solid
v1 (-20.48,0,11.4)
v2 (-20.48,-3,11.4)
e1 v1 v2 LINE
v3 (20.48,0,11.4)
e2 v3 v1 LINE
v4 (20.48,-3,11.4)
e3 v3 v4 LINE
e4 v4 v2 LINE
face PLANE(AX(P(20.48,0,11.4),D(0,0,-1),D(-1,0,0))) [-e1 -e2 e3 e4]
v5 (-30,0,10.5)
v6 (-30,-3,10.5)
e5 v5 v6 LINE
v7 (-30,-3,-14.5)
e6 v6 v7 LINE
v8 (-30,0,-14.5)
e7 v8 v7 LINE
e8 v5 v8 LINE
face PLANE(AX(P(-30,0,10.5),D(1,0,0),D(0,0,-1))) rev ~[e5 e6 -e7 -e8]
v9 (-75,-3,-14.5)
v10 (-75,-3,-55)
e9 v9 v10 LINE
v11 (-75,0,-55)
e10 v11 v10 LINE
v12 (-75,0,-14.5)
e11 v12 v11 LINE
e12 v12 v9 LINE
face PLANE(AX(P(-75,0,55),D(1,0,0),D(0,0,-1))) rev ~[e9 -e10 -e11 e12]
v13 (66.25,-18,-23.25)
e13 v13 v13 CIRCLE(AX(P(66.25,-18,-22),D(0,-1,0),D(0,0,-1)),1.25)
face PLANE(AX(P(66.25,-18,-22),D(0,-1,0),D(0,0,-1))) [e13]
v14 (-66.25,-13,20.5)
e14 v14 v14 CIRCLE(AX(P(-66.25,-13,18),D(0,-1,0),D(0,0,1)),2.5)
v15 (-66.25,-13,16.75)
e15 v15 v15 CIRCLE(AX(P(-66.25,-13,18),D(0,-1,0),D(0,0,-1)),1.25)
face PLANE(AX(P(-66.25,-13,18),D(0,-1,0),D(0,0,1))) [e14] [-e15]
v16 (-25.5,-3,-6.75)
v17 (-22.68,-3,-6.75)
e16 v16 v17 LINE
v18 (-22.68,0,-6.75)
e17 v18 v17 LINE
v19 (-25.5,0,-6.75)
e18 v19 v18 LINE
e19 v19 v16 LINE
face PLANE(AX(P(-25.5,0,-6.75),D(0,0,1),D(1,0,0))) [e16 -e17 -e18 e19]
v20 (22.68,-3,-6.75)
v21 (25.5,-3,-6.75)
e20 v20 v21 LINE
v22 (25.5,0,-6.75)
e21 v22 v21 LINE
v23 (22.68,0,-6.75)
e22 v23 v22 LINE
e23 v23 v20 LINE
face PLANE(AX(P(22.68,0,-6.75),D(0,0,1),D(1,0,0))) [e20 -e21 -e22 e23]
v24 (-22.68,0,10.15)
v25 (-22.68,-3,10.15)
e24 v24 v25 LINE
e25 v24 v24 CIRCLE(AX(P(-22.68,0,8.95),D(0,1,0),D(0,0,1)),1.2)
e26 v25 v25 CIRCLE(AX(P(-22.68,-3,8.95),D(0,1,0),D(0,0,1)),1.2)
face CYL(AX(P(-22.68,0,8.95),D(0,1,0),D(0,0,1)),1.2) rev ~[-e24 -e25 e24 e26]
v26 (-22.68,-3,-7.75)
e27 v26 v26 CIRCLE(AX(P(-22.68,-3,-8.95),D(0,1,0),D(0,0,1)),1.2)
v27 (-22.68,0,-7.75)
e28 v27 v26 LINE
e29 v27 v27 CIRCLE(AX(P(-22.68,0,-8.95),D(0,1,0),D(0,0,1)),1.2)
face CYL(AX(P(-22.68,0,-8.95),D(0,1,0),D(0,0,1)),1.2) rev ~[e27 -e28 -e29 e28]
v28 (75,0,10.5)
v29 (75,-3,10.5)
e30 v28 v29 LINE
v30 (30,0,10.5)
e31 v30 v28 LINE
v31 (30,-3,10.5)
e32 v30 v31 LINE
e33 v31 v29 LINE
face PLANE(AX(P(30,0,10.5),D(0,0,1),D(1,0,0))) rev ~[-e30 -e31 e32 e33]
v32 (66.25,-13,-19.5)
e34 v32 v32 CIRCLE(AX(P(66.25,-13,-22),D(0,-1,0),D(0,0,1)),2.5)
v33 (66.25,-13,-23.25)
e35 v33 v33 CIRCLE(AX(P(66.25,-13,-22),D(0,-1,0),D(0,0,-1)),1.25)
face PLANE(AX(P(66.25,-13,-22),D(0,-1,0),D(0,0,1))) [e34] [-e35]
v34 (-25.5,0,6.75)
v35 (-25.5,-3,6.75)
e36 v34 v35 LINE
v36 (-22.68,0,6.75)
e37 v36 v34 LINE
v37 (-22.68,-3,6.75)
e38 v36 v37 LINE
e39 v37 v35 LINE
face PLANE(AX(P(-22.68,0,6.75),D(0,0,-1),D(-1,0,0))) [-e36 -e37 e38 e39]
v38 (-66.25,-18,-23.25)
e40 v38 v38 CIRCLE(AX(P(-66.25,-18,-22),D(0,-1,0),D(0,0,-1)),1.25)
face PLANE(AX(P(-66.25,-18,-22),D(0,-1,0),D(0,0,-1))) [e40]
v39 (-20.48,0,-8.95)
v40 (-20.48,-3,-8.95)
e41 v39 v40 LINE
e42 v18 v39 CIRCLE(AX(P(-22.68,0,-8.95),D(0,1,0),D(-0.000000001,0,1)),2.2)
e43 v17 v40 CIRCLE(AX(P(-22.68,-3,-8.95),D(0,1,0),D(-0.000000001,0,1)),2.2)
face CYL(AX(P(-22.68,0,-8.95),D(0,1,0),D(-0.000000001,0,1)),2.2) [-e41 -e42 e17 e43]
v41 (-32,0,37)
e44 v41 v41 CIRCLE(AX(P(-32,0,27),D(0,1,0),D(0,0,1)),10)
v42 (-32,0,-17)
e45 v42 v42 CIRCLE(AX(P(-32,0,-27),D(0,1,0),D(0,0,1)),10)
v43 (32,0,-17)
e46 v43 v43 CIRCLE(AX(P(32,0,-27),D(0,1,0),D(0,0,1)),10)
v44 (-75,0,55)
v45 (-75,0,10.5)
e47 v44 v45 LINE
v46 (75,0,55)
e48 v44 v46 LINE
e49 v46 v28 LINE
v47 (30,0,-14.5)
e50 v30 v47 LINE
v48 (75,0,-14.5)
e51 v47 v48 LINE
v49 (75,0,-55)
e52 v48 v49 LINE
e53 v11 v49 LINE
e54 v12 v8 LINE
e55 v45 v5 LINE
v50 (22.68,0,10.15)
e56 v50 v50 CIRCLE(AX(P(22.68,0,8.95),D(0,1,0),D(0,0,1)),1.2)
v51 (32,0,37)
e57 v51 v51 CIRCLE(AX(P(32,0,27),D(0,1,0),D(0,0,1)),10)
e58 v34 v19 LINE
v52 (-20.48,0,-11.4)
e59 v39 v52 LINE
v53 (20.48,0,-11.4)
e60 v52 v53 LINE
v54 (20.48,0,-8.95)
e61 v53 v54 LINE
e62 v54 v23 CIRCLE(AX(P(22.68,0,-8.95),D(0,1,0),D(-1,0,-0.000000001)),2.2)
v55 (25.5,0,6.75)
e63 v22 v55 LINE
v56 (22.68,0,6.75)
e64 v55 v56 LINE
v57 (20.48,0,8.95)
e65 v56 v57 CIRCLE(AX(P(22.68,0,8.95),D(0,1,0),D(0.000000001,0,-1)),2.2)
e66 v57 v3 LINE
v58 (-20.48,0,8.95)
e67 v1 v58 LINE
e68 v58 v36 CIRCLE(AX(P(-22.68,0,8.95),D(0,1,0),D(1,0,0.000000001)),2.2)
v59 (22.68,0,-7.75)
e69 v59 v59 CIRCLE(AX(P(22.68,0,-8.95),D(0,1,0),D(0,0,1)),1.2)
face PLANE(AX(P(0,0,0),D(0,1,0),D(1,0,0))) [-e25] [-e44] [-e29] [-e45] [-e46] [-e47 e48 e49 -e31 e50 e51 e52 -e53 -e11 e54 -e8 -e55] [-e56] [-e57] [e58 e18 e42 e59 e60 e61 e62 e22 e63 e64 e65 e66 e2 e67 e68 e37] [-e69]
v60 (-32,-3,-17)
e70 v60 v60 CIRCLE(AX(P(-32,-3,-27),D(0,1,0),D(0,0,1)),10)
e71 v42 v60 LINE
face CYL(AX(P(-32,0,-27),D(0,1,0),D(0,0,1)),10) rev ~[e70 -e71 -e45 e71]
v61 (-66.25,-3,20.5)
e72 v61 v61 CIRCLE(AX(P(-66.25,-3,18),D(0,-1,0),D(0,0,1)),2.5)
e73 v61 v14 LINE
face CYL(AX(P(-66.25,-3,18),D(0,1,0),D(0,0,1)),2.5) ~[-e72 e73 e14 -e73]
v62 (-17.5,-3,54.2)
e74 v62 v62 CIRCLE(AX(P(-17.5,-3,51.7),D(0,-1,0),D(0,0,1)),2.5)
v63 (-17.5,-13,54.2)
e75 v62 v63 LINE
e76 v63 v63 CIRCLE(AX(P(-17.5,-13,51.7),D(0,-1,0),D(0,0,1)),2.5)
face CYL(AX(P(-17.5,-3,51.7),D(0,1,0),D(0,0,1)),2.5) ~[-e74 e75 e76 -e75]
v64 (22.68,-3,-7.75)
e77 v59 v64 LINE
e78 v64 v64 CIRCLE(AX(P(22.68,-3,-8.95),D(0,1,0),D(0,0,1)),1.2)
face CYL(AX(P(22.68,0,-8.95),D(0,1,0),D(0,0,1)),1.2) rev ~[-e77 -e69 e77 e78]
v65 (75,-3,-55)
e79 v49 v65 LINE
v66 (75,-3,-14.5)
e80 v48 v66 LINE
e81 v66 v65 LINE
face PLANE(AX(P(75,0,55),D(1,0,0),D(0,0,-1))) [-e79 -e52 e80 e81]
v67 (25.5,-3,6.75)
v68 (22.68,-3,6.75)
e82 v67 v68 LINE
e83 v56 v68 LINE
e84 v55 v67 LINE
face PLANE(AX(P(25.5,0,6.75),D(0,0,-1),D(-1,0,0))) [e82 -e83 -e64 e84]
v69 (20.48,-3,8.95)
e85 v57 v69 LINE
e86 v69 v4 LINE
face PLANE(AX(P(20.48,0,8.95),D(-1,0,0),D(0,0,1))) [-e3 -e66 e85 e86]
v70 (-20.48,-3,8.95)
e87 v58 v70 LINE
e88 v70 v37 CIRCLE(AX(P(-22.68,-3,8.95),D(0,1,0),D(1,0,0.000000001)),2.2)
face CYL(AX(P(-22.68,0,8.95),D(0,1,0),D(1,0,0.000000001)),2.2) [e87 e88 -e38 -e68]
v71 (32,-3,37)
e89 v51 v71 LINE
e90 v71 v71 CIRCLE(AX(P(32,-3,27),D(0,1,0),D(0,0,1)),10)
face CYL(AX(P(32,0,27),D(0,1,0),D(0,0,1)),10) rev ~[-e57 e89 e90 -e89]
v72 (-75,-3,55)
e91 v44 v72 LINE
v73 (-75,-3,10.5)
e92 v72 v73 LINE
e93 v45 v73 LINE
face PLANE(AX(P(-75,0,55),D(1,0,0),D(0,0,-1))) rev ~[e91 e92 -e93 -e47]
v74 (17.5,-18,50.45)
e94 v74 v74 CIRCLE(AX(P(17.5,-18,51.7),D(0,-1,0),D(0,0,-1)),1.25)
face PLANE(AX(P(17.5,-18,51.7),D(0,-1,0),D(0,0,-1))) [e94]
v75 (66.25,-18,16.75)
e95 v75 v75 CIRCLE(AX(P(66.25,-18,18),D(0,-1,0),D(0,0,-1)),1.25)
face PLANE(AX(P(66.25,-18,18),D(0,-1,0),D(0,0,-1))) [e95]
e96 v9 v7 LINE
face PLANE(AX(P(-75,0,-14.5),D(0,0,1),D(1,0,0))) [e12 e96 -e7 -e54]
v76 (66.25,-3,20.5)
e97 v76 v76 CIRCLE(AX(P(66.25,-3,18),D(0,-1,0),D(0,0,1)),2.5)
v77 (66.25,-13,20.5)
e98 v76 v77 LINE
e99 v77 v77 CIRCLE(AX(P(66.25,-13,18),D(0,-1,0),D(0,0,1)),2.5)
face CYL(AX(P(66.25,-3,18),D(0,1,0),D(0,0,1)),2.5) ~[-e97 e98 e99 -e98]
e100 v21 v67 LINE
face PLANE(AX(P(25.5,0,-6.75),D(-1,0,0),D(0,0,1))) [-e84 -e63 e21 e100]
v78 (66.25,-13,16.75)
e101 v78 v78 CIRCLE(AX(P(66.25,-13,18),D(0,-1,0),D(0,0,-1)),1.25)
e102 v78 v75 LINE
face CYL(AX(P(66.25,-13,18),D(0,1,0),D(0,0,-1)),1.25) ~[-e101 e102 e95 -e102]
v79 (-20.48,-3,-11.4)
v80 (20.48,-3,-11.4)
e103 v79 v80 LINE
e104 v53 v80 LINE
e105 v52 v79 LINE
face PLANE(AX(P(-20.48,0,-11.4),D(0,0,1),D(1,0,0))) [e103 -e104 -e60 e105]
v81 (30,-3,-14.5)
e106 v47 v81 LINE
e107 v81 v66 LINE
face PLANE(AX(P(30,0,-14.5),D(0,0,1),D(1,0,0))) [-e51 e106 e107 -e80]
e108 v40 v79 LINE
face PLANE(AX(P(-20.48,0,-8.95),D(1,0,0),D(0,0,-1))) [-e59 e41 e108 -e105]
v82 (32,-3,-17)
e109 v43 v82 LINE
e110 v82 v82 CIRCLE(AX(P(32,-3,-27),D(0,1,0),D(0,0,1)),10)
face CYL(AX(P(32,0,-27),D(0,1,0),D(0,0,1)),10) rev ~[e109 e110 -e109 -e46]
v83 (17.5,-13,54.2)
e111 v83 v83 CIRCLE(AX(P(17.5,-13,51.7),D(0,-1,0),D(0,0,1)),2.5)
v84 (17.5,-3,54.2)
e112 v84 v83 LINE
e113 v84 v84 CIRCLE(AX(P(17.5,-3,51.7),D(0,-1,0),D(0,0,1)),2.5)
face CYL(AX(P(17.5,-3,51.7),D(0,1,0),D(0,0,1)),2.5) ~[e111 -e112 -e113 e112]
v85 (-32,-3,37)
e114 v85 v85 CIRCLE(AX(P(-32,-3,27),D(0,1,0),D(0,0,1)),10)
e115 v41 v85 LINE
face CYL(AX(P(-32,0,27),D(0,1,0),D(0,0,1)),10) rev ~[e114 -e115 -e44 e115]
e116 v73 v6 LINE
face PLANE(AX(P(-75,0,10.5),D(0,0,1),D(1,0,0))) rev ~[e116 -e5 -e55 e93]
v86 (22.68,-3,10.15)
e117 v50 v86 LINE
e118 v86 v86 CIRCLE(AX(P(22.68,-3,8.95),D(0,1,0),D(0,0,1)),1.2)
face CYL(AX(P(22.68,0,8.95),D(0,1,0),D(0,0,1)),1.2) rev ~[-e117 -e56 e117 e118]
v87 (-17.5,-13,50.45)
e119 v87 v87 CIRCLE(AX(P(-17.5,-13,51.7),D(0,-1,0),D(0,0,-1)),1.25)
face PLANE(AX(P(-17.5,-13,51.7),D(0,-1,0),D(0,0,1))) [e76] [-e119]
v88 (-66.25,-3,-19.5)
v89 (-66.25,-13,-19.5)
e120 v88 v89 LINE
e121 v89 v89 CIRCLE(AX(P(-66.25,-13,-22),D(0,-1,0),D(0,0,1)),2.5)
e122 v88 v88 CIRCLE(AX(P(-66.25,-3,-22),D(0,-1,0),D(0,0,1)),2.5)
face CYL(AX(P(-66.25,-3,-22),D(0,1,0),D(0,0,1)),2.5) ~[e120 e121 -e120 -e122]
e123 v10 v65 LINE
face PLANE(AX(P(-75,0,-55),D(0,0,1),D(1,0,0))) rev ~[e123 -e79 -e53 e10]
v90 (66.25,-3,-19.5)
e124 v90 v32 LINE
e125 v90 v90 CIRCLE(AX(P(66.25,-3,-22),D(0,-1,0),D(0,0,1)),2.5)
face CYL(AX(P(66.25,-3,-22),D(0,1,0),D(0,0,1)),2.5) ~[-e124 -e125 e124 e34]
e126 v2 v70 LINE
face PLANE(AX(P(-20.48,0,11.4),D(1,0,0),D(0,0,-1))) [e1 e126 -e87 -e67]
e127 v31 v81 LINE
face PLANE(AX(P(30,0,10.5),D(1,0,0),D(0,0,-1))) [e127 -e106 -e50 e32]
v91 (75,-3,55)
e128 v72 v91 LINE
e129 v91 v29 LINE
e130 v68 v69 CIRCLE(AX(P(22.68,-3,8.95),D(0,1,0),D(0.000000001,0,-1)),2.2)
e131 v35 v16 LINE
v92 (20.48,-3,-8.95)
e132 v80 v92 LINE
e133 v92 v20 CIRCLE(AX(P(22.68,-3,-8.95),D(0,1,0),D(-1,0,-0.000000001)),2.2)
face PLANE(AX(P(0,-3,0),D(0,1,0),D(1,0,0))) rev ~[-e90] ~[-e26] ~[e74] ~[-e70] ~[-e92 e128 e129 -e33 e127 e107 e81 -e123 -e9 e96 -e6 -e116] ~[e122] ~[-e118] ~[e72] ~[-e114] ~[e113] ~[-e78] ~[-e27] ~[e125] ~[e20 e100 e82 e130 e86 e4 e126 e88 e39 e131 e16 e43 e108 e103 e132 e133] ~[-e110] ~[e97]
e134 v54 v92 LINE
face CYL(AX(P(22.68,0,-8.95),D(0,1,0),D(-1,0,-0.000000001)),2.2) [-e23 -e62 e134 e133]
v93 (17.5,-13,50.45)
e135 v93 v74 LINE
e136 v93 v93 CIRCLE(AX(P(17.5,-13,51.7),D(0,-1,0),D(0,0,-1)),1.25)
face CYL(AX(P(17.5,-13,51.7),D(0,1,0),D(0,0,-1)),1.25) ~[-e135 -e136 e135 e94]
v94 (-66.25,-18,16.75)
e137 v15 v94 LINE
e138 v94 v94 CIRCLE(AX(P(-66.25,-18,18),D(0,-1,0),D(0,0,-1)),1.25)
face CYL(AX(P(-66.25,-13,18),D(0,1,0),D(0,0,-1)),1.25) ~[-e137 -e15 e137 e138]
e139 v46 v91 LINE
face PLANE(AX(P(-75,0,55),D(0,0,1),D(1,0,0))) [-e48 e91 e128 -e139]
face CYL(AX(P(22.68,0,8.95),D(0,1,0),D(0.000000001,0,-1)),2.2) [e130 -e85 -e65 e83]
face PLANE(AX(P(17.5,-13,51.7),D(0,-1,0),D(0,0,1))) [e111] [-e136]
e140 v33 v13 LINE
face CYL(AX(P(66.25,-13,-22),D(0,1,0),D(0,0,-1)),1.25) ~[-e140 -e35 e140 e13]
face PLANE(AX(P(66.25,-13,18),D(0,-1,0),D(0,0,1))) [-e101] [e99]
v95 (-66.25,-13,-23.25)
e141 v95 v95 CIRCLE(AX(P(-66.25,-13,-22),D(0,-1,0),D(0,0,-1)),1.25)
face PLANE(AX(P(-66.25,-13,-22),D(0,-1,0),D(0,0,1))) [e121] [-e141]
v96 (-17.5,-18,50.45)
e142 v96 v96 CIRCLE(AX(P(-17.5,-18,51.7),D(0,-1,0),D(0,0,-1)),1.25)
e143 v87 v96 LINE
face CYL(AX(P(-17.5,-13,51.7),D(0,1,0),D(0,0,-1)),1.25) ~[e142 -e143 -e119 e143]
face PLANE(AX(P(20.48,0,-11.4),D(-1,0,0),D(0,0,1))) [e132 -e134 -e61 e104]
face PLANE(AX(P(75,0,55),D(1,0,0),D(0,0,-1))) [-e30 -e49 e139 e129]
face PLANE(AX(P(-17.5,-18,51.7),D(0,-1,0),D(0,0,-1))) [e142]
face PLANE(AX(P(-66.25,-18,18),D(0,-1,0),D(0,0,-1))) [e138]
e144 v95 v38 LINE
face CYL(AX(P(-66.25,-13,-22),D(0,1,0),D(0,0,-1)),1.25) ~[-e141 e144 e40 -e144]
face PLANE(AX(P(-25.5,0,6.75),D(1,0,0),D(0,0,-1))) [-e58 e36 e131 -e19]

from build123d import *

# Parameters (mm, degrees)
SKETCH2_W           = 150
SKETCH2_H           = 110
BOSS_EXTRUDE1_DEPTH = 3
SKETCH3_R           = 2.5
BOSS_EXTRUDE2_DEPTH = 10
SKETCH4_R           = 1.25
BOSS_EXTRUDE3_DEPTH = 5
SKETCH5_W           = 45
SKETCH5_H           = 25
CUT_EXTRUDE1_DEPTH  = 3
SKETCH6_R           = 10
CUT_EXTRUDE2_DEPTH  = 3
SKETCH7_R           = 1.2
CUT_EXTRUDE3_DEPTH  = 3


with BuildPart() as part:
    # Sketch2 → Boss-Extrude1 (new body)
    with BuildSketch(Plane(origin=(0, 0, 0), x_dir=(1, 0, 0), z_dir=(0, 1, 0))):
        Rectangle(SKETCH2_W, SKETCH2_H)
    extrude(amount=-BOSS_EXTRUDE1_DEPTH)

    # Sketch3 → Boss-Extrude2 (add)
    with BuildSketch(Plane.XZ.offset(3)):
        with Locations(Location((-17.5, 51.7, 0), (0, 0, 90))):
            Circle(SKETCH3_R)
        with Locations(Location((17.5, 51.7, 0), (0, 0, 90))):
            Circle(SKETCH3_R)
        with Locations(Location((66.25, 18, 0), (0, 0, 90))):
            Circle(SKETCH3_R)
        with Locations(Location((66.25, -22, 0), (0, 0, 90))):
            Circle(SKETCH3_R)
        with Locations(Location((-66.25, 18, 0), (0, 0, 90))):
            Circle(SKETCH3_R)
        with Locations(Location((-66.25, -22, 0), (0, 0, 90))):
            Circle(SKETCH3_R)
    extrude(amount=BOSS_EXTRUDE2_DEPTH)

    # Sketch4 → Boss-Extrude3 (add)
    with BuildSketch(Plane.XZ.offset(13)):
        with Locations(Location((17.5, 51.7, 0), (0, 0, 270))):
            Circle(SKETCH4_R)
        with Locations(Location((-17.5, 51.7, 0), (0, 0, 270))):
            Circle(SKETCH4_R)
        with Locations(Location((-66.25, 18, 0), (0, 0, 270))):
            Circle(SKETCH4_R)
        with Locations(Location((-66.25, -22, 0), (0, 0, 270))):
            Circle(SKETCH4_R)
        with Locations(Location((66.25, -22, 0), (0, 0, 270))):
            Circle(SKETCH4_R)
        with Locations(Location((66.25, 18, 0), (0, 0, 270))):
            Circle(SKETCH4_R)
    extrude(amount=BOSS_EXTRUDE3_DEPTH)

    # Sketch5 → Cut-Extrude1 (cut)
    with BuildSketch(Plane(origin=(0, 0, 0), x_dir=(1, 0, 0), z_dir=(0, 1, 0))):
        with Locations((-52.5, 2)):
            Rectangle(SKETCH5_W, SKETCH5_H)
        with Locations((52.5, 2)):
            Rectangle(SKETCH5_W, SKETCH5_H)
    extrude(amount=-CUT_EXTRUDE1_DEPTH, mode=Mode.SUBTRACT)

    # Sketch6 → Cut-Extrude2 (cut)
    with BuildSketch(Plane(origin=(0, 0, 0), x_dir=(1, 0, 0), z_dir=(0, 1, 0))):
        with Locations(Location((-32, 27, 0), (0, 0, 270))):
            Circle(SKETCH6_R)
        with Locations(Location((-32, -27, 0), (0, 0, 270))):
            Circle(SKETCH6_R)
        with Locations(Location((32, -27, 0), (0, 0, 270))):
            Circle(SKETCH6_R)
        with Locations(Location((32, 27, 0), (0, 0, 270))):
            Circle(SKETCH6_R)
    extrude(amount=-CUT_EXTRUDE2_DEPTH, mode=Mode.SUBTRACT)

    # Sketch7 → Cut-Extrude3 (cut)
    with BuildSketch(Plane(origin=(0, 0, 0), x_dir=(1, 0, 0), z_dir=(0, 1, 0))):
        with Locations(Location((-22.68, 8.95, 0), (0, 0, 270))):
            Circle(SKETCH7_R)
        with Locations(Location((22.68, 8.95, 0), (0, 0, 270))):
            Circle(SKETCH7_R)
        with Locations(Location((22.68, -8.95, 0), (0, 0, 270))):
            Circle(SKETCH7_R)
        with Locations(Location((-22.68, -8.95, 0), (0, 0, 270))):
            Circle(SKETCH7_R)
        with BuildLine():
            Line((-20.48, 11.4), (20.48, 11.4))
            Line((20.48, 11.4), (20.48, 8.95))
            ThreePointArc((20.48, 8.95), (21.124365081, 7.394365081), (22.68, 6.75))
            Line((22.68, 6.75), (25.5, 6.75))
            Line((25.5, 6.75), (25.5, -6.75))
            Line((25.5, -6.75), (22.68, -6.75))
            ThreePointArc((22.68, -6.75), (21.124365081, -7.394365081), (20.48, -8.95))
            Line((20.48, -8.95), (20.48, -11.4))
            Line((20.48, -11.4), (-20.48, -11.4))
            Line((-20.48, -11.4), (-20.48, -8.95))
            ThreePointArc((-20.48, -8.95), (-21.124365081, -7.394365081), (-22.68, -6.75))
            Line((-22.68, -6.75), (-25.5, -6.75))
            Line((-25.5, -6.75), (-25.5, 6.75))
            Line((-25.5, 6.75), (-22.68, 6.75))
            ThreePointArc((-22.68, 6.75), (-21.124365081, 7.394365081), (-20.48, 8.95))
            Line((-20.48, 8.95), (-20.48, 11.4))
        make_face()
    extrude(amount=-CUT_EXTRUDE3_DEPTH, mode=Mode.SUBTRACT)


solid = part.part
